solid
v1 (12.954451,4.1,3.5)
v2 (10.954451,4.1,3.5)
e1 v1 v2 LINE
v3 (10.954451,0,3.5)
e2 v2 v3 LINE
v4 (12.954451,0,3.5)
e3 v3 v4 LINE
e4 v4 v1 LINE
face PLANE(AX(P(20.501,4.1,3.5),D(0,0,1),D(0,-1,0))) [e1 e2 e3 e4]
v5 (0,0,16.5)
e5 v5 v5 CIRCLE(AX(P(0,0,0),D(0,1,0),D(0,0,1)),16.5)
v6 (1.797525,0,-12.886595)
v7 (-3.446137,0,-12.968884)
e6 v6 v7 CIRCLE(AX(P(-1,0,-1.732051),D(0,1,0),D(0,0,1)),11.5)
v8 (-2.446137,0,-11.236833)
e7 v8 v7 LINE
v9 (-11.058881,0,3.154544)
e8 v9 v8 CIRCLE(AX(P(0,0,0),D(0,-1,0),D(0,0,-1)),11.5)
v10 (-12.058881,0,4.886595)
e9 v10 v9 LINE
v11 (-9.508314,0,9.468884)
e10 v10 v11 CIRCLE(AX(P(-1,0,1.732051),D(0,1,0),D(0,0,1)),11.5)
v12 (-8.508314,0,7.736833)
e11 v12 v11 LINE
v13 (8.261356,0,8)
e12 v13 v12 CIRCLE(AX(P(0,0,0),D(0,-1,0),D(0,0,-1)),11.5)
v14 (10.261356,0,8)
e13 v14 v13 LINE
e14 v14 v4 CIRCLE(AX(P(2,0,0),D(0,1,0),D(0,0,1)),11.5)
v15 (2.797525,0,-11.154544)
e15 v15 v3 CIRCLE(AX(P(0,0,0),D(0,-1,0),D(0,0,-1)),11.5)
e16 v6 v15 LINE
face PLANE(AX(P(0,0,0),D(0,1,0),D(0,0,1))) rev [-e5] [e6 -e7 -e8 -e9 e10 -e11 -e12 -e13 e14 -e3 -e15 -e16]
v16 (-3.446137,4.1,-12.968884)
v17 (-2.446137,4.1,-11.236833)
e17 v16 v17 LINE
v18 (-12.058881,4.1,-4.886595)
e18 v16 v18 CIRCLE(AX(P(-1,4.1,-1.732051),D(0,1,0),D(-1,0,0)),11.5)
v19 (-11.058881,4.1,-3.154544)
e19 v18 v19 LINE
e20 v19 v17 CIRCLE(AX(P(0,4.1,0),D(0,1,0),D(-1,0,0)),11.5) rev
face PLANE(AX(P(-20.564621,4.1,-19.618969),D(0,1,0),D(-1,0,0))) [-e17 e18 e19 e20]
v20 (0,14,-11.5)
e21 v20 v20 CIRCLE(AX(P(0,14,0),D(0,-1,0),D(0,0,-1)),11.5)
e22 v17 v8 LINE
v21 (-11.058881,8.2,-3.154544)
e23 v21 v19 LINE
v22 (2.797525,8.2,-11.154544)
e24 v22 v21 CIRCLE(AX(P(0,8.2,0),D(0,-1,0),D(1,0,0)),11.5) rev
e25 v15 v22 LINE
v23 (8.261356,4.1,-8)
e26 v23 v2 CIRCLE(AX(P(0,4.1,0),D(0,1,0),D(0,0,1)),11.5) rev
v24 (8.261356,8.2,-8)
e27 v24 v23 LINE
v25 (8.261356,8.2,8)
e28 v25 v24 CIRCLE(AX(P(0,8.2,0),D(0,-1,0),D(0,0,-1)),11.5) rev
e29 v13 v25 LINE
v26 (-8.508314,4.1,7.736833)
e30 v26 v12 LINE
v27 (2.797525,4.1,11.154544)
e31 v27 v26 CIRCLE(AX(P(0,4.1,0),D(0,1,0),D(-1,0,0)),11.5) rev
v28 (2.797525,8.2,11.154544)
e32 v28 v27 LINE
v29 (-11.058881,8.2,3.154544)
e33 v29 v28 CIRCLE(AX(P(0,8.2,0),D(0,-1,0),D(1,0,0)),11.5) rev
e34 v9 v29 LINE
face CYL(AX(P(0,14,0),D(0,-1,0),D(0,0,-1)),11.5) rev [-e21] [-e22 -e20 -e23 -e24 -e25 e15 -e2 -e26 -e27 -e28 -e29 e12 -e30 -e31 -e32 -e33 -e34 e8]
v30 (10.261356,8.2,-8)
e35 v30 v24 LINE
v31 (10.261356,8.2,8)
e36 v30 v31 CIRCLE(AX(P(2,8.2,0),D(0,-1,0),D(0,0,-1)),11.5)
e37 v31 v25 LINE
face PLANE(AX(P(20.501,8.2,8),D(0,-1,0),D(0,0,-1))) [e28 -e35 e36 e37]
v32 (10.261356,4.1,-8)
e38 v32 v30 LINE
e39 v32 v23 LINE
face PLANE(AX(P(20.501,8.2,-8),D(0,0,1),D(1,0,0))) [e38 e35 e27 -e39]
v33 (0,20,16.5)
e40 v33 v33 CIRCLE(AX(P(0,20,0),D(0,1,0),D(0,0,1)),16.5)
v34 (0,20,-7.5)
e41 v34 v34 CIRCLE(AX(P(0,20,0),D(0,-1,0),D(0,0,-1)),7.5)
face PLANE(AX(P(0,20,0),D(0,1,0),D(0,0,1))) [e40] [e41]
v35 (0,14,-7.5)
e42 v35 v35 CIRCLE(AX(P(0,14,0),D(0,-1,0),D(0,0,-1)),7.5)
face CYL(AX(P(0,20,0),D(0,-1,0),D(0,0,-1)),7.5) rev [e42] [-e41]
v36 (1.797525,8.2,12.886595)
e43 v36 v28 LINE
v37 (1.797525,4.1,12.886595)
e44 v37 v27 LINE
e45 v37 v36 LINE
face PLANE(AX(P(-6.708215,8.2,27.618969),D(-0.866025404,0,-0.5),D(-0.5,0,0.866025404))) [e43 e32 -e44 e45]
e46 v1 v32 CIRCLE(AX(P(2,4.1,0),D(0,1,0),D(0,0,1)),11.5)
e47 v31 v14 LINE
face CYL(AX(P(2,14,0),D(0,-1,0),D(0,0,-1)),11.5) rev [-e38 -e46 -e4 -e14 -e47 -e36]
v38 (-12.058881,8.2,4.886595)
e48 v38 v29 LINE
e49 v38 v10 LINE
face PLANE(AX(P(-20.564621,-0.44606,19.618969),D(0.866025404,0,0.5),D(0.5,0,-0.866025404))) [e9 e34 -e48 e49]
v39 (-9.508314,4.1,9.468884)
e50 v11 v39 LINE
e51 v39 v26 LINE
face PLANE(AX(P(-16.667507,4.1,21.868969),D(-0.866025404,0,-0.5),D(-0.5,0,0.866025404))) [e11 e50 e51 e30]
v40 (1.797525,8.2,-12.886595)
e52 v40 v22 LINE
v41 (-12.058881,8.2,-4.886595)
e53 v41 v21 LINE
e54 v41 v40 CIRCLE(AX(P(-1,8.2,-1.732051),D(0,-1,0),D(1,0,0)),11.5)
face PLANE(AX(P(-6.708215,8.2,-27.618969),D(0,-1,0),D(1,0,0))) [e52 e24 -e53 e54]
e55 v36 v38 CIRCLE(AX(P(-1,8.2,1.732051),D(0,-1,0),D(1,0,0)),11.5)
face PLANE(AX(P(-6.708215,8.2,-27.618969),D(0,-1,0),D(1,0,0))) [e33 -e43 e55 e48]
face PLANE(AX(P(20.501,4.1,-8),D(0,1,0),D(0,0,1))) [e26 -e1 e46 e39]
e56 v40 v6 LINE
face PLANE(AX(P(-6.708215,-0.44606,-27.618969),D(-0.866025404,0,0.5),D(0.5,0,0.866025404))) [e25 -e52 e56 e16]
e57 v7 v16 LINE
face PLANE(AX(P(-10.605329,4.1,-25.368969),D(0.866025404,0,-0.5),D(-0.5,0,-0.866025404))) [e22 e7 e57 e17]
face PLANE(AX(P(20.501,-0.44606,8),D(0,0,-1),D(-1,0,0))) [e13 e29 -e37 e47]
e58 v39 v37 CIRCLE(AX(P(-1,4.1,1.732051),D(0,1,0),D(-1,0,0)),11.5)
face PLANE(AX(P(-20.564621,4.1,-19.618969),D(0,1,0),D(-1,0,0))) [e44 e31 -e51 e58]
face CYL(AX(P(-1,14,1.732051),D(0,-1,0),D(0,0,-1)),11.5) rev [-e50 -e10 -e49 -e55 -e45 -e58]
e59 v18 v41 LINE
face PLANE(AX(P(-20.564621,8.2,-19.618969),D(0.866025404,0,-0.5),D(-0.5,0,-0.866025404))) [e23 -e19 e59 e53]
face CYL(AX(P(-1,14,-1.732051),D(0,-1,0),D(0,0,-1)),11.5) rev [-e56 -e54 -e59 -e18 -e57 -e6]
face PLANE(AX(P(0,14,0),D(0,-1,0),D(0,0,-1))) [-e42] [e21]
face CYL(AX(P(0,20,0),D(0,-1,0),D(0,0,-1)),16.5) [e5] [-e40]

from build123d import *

# Parameters (mm, degrees)
SKETCH1_R               = 16.5
BOSS_EXTRUDE1_DEPTH     = 20
SKETCH3_R               = 7.5
CUT_EXTRUDE2_DEPTH      = 31.732718721
SKETCH7_R               = 11.5
SKETCH7_R_2             = 7.5
CUT_EXTRUDE3_DEPTH      = 14
CUT_EXTRUDE4_REACH      = 32.733
CUT_EXTRUDE4_END_RADIUS = 11.5
CIRPATTERN1_COUNT       = 3


with BuildPart() as part:
    # Sketch1 → Boss-Extrude1 (new body)
    with BuildSketch(Plane(origin=(0, 0, 0), x_dir=(1, 0, 0), z_dir=(0, 1, 0))):
        with Locations(Location((0, 0, 0), (0, 0, 270))):
            Circle(SKETCH1_R)
    extrude(amount=BOSS_EXTRUDE1_DEPTH)

    # Sketch3 → Cut-Extrude2 (cut, through all)
    with BuildSketch(Plane.XZ):
        with Locations(Location((0, 0, 0), (0, 0, 270))):
            Circle(SKETCH3_R)
    extrude(amount=-CUT_EXTRUDE2_DEPTH, mode=Mode.SUBTRACT)

    # Sketch7 → Cut-Extrude3 (cut)
    with BuildSketch(Plane.XZ):
        with Locations(Location((0, 0, 0), (0, 0, 270))):
            Circle(SKETCH7_R)
        with Locations(Location((0, 0, 0), (0, 0, 270))):
            Circle(SKETCH7_R_2, mode=Mode.SUBTRACT)
    extrude(amount=-CUT_EXTRUDE3_DEPTH, mode=Mode.SUBTRACT)

    # Cut-Extrude4: up to this cylinder (the profile starts inside it)
    cut_extrude4_end = Plane(origin=(2, 5.122343, 0), z_dir=(0, -1, 0)) * Cylinder(CUT_EXTRUDE4_END_RADIUS, 89.466, mode=Mode.PRIVATE)
    # Sketch12 → Cut-Extrude4 (cut, up to the surface)
    with BuildSketch(Plane(origin=(0, 0, 0), x_dir=(0, 0, -1), z_dir=(1, 0, 0)), mode=Mode.PRIVATE) as cut_extrude4_sk1:
        Polygon((-8, -0.446060188), (-8, 8.2), (8, 8.2), (8, 4.1), (-3.5, 4.1), (-3.5, -0.446060188), align=None)
    cut_extrude4_tool1 = extrude(cut_extrude4_sk1.sketch, amount=CUT_EXTRUDE4_REACH, mode=Mode.PRIVATE) & cut_extrude4_end
    cut_extrude4 = cut_extrude4_tool1.solids().sort_by_distance((0, 5.122343, 1.366872))[0]
    add(cut_extrude4, mode=Mode.SUBTRACT)

    # CirPattern1: Cut-Extrude4 ×3 about axis
    cirpattern1_axis = Axis((0, 0, 0), (0, 1, 0))
    for i in range(1, CIRPATTERN1_COUNT):
        add(cut_extrude4.rotate(cirpattern1_axis, i * 360 / CIRPATTERN1_COUNT), mode=Mode.SUBTRACT)


solid = part.part
